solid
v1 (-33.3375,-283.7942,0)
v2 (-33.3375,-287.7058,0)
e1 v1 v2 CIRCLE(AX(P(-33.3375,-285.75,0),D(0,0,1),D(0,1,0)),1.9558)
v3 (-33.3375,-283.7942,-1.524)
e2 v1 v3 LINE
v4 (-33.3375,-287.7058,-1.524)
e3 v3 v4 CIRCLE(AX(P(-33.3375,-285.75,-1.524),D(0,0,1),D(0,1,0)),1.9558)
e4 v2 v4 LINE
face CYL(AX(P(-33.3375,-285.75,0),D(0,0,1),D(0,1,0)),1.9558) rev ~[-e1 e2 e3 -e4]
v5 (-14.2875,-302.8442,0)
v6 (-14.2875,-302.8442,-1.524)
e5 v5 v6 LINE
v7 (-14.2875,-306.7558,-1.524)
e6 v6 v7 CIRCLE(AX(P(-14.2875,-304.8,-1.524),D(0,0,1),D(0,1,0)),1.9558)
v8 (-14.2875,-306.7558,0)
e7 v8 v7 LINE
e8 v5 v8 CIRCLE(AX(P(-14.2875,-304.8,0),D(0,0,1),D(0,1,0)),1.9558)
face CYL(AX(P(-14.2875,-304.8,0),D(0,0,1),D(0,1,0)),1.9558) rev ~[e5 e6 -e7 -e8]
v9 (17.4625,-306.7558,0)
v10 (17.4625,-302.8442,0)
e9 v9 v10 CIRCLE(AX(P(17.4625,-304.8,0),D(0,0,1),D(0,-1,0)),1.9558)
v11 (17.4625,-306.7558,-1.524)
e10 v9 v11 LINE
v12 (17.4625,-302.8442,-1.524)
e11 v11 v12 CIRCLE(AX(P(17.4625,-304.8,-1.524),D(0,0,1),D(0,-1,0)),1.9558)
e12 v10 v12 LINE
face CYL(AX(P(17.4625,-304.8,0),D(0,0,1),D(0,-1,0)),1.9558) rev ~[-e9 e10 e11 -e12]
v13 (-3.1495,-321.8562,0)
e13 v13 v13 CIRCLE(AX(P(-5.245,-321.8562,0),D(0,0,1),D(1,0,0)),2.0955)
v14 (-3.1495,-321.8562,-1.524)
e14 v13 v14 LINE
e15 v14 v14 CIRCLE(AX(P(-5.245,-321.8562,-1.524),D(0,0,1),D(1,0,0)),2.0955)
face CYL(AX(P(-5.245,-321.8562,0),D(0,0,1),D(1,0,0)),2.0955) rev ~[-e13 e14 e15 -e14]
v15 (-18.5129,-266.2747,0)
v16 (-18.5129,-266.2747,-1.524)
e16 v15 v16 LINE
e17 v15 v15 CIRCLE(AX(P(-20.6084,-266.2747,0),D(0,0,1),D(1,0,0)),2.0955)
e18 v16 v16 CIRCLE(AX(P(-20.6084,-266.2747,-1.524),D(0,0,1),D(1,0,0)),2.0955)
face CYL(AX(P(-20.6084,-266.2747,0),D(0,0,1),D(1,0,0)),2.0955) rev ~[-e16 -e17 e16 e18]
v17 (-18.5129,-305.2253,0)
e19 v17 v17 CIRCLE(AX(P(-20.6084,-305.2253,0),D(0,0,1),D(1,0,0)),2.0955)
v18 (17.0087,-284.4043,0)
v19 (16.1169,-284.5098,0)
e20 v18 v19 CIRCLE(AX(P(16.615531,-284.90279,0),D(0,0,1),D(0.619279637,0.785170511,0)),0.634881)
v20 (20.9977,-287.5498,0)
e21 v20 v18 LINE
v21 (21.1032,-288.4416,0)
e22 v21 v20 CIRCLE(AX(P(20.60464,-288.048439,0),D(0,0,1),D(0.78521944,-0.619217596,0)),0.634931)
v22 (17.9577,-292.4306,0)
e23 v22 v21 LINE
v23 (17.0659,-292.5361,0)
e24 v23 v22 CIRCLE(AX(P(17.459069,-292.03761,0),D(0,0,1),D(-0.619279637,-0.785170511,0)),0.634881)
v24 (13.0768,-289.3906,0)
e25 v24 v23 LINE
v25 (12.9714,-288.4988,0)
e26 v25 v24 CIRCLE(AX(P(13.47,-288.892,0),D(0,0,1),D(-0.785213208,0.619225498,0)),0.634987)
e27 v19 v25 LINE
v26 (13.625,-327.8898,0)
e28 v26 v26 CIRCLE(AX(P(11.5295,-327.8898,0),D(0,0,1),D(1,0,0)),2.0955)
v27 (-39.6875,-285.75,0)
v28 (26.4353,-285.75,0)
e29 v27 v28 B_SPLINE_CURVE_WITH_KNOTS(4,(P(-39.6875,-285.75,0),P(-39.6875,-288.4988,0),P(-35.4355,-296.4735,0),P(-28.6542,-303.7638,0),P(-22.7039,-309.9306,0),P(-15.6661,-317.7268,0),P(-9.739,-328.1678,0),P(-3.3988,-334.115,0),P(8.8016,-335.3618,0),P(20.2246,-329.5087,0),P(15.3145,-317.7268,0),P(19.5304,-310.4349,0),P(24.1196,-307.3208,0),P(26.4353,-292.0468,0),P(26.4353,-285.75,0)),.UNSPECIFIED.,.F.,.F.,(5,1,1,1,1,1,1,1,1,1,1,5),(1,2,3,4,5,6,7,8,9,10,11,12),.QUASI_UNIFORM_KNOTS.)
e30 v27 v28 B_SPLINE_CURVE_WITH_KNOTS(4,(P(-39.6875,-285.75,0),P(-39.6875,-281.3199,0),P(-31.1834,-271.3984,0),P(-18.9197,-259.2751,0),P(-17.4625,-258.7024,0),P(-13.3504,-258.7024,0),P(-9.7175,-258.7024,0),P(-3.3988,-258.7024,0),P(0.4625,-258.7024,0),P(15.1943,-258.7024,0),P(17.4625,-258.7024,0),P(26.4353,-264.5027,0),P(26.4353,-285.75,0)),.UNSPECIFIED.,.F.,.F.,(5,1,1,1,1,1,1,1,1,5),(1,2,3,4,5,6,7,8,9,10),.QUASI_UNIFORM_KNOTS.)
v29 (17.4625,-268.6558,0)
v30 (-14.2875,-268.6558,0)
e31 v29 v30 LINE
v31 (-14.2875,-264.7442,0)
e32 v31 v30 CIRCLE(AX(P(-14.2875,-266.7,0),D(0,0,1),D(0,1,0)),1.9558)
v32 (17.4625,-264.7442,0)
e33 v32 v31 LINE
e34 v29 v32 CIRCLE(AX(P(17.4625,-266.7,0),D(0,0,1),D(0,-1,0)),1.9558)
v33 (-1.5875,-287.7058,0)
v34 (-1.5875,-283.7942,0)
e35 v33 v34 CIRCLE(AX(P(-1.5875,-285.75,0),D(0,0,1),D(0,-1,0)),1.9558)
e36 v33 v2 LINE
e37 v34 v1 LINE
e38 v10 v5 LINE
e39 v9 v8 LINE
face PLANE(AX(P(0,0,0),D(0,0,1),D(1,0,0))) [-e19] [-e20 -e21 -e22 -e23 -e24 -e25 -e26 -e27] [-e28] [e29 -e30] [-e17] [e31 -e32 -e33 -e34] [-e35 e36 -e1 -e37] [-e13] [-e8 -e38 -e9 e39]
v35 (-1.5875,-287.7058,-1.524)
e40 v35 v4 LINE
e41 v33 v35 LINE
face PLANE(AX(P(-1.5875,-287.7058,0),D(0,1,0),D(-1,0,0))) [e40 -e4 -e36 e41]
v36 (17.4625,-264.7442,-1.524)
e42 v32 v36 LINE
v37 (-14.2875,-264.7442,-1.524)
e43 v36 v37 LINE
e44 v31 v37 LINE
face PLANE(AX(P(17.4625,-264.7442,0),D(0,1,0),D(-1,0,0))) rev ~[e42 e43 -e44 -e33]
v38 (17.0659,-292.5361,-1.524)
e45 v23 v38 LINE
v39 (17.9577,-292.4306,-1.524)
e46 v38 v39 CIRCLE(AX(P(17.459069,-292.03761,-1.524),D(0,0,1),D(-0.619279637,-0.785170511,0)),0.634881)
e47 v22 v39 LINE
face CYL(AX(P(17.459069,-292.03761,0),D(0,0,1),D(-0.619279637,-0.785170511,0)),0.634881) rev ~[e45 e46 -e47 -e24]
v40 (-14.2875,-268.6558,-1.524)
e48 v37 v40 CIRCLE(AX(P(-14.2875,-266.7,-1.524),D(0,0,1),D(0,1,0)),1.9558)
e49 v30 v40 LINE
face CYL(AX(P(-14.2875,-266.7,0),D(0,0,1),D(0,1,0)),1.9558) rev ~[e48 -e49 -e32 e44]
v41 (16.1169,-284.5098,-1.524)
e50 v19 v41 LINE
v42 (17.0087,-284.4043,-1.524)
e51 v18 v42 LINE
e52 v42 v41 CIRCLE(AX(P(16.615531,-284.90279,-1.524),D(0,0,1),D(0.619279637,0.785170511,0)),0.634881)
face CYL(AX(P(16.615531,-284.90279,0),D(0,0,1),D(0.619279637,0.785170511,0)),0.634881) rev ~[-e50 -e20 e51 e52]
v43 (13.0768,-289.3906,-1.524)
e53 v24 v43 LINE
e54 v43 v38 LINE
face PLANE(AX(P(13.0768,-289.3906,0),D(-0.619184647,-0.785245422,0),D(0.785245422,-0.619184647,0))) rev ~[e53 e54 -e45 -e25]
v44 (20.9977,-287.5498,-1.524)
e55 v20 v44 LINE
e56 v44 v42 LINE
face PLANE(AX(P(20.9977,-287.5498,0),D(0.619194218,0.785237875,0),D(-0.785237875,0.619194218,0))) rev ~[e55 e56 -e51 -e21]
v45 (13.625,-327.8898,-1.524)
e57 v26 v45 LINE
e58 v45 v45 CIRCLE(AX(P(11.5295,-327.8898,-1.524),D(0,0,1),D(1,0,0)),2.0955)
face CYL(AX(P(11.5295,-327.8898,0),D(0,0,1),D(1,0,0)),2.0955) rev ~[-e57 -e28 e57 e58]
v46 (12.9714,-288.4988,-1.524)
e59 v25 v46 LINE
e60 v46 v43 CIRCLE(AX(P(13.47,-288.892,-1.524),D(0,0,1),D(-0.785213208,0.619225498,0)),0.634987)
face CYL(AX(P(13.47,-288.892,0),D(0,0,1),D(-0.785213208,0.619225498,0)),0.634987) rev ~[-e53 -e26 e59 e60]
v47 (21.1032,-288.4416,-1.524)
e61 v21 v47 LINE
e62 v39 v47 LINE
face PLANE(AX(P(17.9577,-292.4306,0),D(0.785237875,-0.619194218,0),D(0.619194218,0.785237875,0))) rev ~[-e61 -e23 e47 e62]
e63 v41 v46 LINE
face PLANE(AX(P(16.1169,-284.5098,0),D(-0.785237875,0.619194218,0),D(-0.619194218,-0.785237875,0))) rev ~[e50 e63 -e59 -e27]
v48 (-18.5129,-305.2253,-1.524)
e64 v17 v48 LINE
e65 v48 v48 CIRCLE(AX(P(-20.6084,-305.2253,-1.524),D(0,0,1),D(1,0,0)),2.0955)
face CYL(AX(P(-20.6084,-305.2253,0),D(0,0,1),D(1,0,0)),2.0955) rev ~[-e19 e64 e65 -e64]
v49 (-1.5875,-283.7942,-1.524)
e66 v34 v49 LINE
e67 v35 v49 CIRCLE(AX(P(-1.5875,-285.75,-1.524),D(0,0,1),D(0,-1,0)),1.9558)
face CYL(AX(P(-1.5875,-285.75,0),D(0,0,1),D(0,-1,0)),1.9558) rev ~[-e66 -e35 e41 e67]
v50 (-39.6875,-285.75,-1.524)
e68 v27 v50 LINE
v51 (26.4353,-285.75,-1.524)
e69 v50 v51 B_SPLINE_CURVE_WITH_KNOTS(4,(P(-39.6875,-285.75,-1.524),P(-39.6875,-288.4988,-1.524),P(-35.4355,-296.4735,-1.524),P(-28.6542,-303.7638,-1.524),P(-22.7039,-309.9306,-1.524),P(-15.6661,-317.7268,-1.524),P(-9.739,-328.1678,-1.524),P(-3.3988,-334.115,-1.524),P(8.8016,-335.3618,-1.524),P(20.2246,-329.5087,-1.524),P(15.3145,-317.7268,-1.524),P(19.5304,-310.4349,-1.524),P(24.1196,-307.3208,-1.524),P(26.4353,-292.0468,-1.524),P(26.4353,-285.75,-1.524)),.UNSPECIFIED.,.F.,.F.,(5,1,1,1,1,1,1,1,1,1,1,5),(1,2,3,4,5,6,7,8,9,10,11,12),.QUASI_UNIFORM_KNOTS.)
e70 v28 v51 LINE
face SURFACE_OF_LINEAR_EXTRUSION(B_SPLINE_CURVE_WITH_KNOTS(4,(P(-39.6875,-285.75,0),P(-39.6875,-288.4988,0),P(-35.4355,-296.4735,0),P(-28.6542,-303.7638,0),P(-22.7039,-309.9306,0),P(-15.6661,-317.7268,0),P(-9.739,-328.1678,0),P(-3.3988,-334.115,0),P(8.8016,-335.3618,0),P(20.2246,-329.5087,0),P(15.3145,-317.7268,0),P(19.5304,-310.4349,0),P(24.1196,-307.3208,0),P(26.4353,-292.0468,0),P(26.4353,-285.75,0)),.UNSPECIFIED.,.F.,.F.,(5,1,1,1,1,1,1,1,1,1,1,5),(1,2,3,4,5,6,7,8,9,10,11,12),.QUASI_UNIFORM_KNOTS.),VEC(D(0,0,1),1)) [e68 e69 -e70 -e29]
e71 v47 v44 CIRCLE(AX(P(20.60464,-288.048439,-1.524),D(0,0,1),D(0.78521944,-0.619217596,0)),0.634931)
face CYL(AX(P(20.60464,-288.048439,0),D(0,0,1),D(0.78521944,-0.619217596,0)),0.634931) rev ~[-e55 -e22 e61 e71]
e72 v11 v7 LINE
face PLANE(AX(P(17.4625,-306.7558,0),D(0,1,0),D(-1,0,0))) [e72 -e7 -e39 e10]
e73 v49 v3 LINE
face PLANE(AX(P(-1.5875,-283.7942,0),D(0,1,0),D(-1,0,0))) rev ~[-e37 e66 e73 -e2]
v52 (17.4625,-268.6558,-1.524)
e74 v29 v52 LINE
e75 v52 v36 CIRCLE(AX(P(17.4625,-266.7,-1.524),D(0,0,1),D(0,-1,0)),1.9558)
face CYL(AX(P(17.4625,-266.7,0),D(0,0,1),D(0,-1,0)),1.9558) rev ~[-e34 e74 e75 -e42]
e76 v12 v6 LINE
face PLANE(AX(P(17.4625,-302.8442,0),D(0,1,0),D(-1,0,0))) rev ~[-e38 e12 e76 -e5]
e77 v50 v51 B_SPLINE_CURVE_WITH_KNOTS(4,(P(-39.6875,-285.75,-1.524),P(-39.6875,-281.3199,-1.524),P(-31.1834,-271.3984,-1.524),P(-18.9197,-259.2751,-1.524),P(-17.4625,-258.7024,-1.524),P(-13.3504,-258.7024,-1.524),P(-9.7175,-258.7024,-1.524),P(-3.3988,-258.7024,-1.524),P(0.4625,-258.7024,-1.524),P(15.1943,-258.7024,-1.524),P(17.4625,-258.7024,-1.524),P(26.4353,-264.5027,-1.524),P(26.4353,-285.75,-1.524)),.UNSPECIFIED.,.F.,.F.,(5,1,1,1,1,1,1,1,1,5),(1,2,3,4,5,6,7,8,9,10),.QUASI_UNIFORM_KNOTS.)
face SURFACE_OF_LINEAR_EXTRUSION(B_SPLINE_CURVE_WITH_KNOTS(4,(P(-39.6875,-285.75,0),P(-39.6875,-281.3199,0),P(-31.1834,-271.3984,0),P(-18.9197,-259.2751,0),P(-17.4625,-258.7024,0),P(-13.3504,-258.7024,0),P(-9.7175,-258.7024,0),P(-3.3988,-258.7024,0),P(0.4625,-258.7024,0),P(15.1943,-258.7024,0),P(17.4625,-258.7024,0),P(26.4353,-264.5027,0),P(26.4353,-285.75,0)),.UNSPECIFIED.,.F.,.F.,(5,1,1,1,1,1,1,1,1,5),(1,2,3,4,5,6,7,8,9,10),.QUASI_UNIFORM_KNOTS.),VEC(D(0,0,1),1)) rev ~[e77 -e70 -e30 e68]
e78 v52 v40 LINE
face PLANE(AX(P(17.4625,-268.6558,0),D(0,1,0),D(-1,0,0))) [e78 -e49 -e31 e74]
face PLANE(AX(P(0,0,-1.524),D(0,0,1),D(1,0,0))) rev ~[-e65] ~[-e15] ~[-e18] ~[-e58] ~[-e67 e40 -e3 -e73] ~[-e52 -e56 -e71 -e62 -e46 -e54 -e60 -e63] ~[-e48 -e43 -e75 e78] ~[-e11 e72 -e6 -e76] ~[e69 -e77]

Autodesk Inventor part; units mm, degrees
ref_plane "YZ Plane" through (0, 0, 0) normal (1, 0, 0) x (0, 1, 0)
ref_plane "XZ Plane" through (0, 0, 0) normal (0, 1, 0) x (-1, 0, 0)
ref_plane "XY Plane" through (0, 0, 0) normal (0, 0, 1) x (1, 0, 0)
sketch "Sketch1" plane through (0, 0, 0) normal (0, 0, 1) x (1, 0, 0)
  line L0 (-1.5875, -283.7942) -> (-33.3375, -283.7942)
  line L1 (-1.5875, -287.7058) -> (-33.3375, -287.7058)
  arc A0 (-33.3375, -283.7942) -> (-33.3375, -287.7058) centre (-33.3375, -285.75) ccw
  arc A1 (-1.5875, -287.7058) -> (-1.5875, -283.7942) centre (-1.5875, -285.75) ccw
  line L2 (17.4625, -264.7442) -> (-14.2875, -264.7442)
  line L3 (17.4625, -268.6558) -> (-14.2875, -268.6558)
  arc A2 (-14.2875, -264.7442) -> (-14.2875, -268.6558) centre (-14.2875, -266.7) ccw
  arc A3 (17.4625, -268.6558) -> (17.4625, -264.7442) centre (17.4625, -266.7) ccw
  arc A4 (17.4625, -306.7558) -> (17.4625, -302.8442) centre (17.4625, -304.8) ccw
  line L4 (17.4625, -306.7558) -> (-14.2875, -306.7558)
  arc A5 (-14.2875, -302.8442) -> (-14.2875, -306.7558) centre (-14.2875, -304.8) ccw
  line L5 (17.4625, -302.8442) -> (-14.2875, -302.8442)
  line L6 (-1.5875, -285.75) -> (-33.3375, -285.75)
  line L7 (-39.6875, -285.75) -> (-39.6875, -281.3199) construction
  line L8 (-39.6875, -281.3199) -> (-31.1834, -271.3984) construction
  line L9 (-31.1834, -271.3984) -> (-18.9197, -259.2751) construction
  line L10 (-18.9197, -259.2751) -> (-17.4625, -258.7024) construction
  line L11 (-17.4625, -258.7024) -> (-13.3504, -258.7024) construction
  line L12 (-13.3504, -258.7024) -> (-9.7175, -258.7024) construction
  line L13 (-9.7175, -258.7024) -> (-3.3988, -258.7024) construction
  line L14 (-3.3988, -258.7024) -> (0.4625, -258.7024) construction
  line L15 (0.4625, -258.7024) -> (15.1943, -258.7024) construction
  line L16 (15.1943, -258.7024) -> (17.4625, -258.7024) construction
  line L17 (17.4625, -258.7024) -> (26.4353, -264.5027) construction
  line L18 (26.4353, -264.5027) -> (26.4353, -285.75) construction
  spline S0 degree 4 poles (-39.6875, -285.75) (-39.6875, -281.3199) (-31.1834, -271.3984) (-18.9197, -259.2751) (-17.4625, -258.7024) (-13.3504, -258.7024) (-9.7175, -258.7024) (-3.3988, -258.7024) (0.4625, -258.7024) (15.1943, -258.7024) (17.4625, -258.7024) (26.4353, -264.5027) (26.4353, -285.75) knots 1 1 1 1 1 2 3 4 5 6 7 8 9 10 10 10 10 10
  line L19 (20.9977, -287.5498) -> (17.0087, -284.4043)
  arc A6 (21.1032, -288.4416) -> (20.9977, -287.5498) centre (20.6045, -288.0484) ccw
  line L20 (17.9577, -292.4306) -> (21.1032, -288.4416)
  arc A7 (17.0659, -292.5361) -> (17.9577, -292.4306) centre (17.4591, -292.0375) ccw
  line L21 (13.0768, -289.3906) -> (17.0659, -292.5361)
  arc A8 (12.9714, -288.4988) -> (13.0768, -289.3906) centre (13.47, -288.892) ccw
  line L22 (16.1169, -284.5098) -> (12.9714, -288.4988)
  arc A9 (17.0087, -284.4043) -> (16.1169, -284.5098) centre (16.6155, -284.9029) ccw
  circle A10 centre (-20.6084, -305.2253) radius 2.0955
  circle A11 centre (-20.6084, -266.2747) radius 2.0955
  circle A12 centre (11.5295, -327.8898) radius 2.0955
  line L23 (-39.6875, -285.75) -> (-39.6875, -288.4988) construction
  line L24 (-39.6875, -288.4988) -> (-35.4355, -296.4735) construction
  line L25 (-35.4355, -296.4735) -> (-28.6542, -303.7638) construction
  line L26 (-28.6542, -303.7638) -> (-22.7039, -309.9306) construction
  line L27 (-22.7039, -309.9306) -> (-15.6661, -317.7268) construction
  line L28 (-15.6661, -317.7268) -> (-9.739, -328.1678) construction
  line L29 (-9.739, -328.1678) -> (-3.3988, -334.115) construction
  line L30 (-3.3988, -334.115) -> (8.8016, -335.3618) construction
  line L31 (8.8016, -335.3618) -> (20.2246, -329.5087) construction
  line L32 (20.2246, -329.5087) -> (15.3145, -317.7268) construction
  line L33 (15.3145, -317.7268) -> (19.5304, -310.4349) construction
  line L34 (19.5304, -310.4349) -> (24.1196, -307.3208) construction
  line L35 (24.1196, -307.3208) -> (26.4353, -292.0468) construction
  line L36 (26.4353, -292.0468) -> (26.4353, -285.75) construction
  spline S1 degree 4 poles (-39.6875, -285.75) (-39.6875, -288.4988) (-35.4355, -296.4735) (-28.6542, -303.7638) (-22.7039, -309.9306) (-15.6661, -317.7268) (-9.739, -328.1678) (-3.3988, -334.115) (8.8016, -335.3618) (20.2246, -329.5087) (15.3145, -317.7268) (19.5304, -310.4349) (24.1196, -307.3208) (26.4353, -292.0468) (26.4353, -285.75) knots 1 1 1 1 1 2 3 4 5 6 7 8 9 10 11 12 12 12 12 12
  circle A13 centre (-5.245, -321.8562) radius 2.0955
  point P0 (0, 0)
  point P1 (-7.9375, -285.75)
  point P2 (11.1125, -266.7)
  point P3 (11.1125, -304.8)
  point P4 (19.4183, -304.8)
  dimension "d0" = 31.75
  dimension "d3" = 0
  dimension "d4" = 3.9116
  dimension "d5" = 0
  dimension "d8" = 3.9116
  dimension "d9" = 0
  dimension "d10" = 31.75
  dimension "d11" = 0
  dimension "d12" = 6.35
  dimension "d13" = 6.35
  dimension "d14" = 3.9116
  dimension "d15" = 0
  dimension "d16" = 31.75
  dimension "d19" = 0
  dimension "d20" = 6.35
  dimension "d57" = 6.35
  dimension "d58" = 0
  dimension "d60" = 0
  dimension "d61" = 7.017
  dimension "d64" = 4.191
  dimension "d67" = 4.191
  dimension "d70" = 4.191
  dimension "d73" = 4.191
extrude "Extrusion3" add sketch "Sketch1" against normal blind 1.524
equation "\"d8\" = d4"
equation "\"d10\" = d0"
equation "\"d13\" = d12"
equation "\"d14\" = d4"
equation "\"d16\" = d0"
equation "\"d20\" = d12"
properties part number "tracking-wheel-mount-v2"
